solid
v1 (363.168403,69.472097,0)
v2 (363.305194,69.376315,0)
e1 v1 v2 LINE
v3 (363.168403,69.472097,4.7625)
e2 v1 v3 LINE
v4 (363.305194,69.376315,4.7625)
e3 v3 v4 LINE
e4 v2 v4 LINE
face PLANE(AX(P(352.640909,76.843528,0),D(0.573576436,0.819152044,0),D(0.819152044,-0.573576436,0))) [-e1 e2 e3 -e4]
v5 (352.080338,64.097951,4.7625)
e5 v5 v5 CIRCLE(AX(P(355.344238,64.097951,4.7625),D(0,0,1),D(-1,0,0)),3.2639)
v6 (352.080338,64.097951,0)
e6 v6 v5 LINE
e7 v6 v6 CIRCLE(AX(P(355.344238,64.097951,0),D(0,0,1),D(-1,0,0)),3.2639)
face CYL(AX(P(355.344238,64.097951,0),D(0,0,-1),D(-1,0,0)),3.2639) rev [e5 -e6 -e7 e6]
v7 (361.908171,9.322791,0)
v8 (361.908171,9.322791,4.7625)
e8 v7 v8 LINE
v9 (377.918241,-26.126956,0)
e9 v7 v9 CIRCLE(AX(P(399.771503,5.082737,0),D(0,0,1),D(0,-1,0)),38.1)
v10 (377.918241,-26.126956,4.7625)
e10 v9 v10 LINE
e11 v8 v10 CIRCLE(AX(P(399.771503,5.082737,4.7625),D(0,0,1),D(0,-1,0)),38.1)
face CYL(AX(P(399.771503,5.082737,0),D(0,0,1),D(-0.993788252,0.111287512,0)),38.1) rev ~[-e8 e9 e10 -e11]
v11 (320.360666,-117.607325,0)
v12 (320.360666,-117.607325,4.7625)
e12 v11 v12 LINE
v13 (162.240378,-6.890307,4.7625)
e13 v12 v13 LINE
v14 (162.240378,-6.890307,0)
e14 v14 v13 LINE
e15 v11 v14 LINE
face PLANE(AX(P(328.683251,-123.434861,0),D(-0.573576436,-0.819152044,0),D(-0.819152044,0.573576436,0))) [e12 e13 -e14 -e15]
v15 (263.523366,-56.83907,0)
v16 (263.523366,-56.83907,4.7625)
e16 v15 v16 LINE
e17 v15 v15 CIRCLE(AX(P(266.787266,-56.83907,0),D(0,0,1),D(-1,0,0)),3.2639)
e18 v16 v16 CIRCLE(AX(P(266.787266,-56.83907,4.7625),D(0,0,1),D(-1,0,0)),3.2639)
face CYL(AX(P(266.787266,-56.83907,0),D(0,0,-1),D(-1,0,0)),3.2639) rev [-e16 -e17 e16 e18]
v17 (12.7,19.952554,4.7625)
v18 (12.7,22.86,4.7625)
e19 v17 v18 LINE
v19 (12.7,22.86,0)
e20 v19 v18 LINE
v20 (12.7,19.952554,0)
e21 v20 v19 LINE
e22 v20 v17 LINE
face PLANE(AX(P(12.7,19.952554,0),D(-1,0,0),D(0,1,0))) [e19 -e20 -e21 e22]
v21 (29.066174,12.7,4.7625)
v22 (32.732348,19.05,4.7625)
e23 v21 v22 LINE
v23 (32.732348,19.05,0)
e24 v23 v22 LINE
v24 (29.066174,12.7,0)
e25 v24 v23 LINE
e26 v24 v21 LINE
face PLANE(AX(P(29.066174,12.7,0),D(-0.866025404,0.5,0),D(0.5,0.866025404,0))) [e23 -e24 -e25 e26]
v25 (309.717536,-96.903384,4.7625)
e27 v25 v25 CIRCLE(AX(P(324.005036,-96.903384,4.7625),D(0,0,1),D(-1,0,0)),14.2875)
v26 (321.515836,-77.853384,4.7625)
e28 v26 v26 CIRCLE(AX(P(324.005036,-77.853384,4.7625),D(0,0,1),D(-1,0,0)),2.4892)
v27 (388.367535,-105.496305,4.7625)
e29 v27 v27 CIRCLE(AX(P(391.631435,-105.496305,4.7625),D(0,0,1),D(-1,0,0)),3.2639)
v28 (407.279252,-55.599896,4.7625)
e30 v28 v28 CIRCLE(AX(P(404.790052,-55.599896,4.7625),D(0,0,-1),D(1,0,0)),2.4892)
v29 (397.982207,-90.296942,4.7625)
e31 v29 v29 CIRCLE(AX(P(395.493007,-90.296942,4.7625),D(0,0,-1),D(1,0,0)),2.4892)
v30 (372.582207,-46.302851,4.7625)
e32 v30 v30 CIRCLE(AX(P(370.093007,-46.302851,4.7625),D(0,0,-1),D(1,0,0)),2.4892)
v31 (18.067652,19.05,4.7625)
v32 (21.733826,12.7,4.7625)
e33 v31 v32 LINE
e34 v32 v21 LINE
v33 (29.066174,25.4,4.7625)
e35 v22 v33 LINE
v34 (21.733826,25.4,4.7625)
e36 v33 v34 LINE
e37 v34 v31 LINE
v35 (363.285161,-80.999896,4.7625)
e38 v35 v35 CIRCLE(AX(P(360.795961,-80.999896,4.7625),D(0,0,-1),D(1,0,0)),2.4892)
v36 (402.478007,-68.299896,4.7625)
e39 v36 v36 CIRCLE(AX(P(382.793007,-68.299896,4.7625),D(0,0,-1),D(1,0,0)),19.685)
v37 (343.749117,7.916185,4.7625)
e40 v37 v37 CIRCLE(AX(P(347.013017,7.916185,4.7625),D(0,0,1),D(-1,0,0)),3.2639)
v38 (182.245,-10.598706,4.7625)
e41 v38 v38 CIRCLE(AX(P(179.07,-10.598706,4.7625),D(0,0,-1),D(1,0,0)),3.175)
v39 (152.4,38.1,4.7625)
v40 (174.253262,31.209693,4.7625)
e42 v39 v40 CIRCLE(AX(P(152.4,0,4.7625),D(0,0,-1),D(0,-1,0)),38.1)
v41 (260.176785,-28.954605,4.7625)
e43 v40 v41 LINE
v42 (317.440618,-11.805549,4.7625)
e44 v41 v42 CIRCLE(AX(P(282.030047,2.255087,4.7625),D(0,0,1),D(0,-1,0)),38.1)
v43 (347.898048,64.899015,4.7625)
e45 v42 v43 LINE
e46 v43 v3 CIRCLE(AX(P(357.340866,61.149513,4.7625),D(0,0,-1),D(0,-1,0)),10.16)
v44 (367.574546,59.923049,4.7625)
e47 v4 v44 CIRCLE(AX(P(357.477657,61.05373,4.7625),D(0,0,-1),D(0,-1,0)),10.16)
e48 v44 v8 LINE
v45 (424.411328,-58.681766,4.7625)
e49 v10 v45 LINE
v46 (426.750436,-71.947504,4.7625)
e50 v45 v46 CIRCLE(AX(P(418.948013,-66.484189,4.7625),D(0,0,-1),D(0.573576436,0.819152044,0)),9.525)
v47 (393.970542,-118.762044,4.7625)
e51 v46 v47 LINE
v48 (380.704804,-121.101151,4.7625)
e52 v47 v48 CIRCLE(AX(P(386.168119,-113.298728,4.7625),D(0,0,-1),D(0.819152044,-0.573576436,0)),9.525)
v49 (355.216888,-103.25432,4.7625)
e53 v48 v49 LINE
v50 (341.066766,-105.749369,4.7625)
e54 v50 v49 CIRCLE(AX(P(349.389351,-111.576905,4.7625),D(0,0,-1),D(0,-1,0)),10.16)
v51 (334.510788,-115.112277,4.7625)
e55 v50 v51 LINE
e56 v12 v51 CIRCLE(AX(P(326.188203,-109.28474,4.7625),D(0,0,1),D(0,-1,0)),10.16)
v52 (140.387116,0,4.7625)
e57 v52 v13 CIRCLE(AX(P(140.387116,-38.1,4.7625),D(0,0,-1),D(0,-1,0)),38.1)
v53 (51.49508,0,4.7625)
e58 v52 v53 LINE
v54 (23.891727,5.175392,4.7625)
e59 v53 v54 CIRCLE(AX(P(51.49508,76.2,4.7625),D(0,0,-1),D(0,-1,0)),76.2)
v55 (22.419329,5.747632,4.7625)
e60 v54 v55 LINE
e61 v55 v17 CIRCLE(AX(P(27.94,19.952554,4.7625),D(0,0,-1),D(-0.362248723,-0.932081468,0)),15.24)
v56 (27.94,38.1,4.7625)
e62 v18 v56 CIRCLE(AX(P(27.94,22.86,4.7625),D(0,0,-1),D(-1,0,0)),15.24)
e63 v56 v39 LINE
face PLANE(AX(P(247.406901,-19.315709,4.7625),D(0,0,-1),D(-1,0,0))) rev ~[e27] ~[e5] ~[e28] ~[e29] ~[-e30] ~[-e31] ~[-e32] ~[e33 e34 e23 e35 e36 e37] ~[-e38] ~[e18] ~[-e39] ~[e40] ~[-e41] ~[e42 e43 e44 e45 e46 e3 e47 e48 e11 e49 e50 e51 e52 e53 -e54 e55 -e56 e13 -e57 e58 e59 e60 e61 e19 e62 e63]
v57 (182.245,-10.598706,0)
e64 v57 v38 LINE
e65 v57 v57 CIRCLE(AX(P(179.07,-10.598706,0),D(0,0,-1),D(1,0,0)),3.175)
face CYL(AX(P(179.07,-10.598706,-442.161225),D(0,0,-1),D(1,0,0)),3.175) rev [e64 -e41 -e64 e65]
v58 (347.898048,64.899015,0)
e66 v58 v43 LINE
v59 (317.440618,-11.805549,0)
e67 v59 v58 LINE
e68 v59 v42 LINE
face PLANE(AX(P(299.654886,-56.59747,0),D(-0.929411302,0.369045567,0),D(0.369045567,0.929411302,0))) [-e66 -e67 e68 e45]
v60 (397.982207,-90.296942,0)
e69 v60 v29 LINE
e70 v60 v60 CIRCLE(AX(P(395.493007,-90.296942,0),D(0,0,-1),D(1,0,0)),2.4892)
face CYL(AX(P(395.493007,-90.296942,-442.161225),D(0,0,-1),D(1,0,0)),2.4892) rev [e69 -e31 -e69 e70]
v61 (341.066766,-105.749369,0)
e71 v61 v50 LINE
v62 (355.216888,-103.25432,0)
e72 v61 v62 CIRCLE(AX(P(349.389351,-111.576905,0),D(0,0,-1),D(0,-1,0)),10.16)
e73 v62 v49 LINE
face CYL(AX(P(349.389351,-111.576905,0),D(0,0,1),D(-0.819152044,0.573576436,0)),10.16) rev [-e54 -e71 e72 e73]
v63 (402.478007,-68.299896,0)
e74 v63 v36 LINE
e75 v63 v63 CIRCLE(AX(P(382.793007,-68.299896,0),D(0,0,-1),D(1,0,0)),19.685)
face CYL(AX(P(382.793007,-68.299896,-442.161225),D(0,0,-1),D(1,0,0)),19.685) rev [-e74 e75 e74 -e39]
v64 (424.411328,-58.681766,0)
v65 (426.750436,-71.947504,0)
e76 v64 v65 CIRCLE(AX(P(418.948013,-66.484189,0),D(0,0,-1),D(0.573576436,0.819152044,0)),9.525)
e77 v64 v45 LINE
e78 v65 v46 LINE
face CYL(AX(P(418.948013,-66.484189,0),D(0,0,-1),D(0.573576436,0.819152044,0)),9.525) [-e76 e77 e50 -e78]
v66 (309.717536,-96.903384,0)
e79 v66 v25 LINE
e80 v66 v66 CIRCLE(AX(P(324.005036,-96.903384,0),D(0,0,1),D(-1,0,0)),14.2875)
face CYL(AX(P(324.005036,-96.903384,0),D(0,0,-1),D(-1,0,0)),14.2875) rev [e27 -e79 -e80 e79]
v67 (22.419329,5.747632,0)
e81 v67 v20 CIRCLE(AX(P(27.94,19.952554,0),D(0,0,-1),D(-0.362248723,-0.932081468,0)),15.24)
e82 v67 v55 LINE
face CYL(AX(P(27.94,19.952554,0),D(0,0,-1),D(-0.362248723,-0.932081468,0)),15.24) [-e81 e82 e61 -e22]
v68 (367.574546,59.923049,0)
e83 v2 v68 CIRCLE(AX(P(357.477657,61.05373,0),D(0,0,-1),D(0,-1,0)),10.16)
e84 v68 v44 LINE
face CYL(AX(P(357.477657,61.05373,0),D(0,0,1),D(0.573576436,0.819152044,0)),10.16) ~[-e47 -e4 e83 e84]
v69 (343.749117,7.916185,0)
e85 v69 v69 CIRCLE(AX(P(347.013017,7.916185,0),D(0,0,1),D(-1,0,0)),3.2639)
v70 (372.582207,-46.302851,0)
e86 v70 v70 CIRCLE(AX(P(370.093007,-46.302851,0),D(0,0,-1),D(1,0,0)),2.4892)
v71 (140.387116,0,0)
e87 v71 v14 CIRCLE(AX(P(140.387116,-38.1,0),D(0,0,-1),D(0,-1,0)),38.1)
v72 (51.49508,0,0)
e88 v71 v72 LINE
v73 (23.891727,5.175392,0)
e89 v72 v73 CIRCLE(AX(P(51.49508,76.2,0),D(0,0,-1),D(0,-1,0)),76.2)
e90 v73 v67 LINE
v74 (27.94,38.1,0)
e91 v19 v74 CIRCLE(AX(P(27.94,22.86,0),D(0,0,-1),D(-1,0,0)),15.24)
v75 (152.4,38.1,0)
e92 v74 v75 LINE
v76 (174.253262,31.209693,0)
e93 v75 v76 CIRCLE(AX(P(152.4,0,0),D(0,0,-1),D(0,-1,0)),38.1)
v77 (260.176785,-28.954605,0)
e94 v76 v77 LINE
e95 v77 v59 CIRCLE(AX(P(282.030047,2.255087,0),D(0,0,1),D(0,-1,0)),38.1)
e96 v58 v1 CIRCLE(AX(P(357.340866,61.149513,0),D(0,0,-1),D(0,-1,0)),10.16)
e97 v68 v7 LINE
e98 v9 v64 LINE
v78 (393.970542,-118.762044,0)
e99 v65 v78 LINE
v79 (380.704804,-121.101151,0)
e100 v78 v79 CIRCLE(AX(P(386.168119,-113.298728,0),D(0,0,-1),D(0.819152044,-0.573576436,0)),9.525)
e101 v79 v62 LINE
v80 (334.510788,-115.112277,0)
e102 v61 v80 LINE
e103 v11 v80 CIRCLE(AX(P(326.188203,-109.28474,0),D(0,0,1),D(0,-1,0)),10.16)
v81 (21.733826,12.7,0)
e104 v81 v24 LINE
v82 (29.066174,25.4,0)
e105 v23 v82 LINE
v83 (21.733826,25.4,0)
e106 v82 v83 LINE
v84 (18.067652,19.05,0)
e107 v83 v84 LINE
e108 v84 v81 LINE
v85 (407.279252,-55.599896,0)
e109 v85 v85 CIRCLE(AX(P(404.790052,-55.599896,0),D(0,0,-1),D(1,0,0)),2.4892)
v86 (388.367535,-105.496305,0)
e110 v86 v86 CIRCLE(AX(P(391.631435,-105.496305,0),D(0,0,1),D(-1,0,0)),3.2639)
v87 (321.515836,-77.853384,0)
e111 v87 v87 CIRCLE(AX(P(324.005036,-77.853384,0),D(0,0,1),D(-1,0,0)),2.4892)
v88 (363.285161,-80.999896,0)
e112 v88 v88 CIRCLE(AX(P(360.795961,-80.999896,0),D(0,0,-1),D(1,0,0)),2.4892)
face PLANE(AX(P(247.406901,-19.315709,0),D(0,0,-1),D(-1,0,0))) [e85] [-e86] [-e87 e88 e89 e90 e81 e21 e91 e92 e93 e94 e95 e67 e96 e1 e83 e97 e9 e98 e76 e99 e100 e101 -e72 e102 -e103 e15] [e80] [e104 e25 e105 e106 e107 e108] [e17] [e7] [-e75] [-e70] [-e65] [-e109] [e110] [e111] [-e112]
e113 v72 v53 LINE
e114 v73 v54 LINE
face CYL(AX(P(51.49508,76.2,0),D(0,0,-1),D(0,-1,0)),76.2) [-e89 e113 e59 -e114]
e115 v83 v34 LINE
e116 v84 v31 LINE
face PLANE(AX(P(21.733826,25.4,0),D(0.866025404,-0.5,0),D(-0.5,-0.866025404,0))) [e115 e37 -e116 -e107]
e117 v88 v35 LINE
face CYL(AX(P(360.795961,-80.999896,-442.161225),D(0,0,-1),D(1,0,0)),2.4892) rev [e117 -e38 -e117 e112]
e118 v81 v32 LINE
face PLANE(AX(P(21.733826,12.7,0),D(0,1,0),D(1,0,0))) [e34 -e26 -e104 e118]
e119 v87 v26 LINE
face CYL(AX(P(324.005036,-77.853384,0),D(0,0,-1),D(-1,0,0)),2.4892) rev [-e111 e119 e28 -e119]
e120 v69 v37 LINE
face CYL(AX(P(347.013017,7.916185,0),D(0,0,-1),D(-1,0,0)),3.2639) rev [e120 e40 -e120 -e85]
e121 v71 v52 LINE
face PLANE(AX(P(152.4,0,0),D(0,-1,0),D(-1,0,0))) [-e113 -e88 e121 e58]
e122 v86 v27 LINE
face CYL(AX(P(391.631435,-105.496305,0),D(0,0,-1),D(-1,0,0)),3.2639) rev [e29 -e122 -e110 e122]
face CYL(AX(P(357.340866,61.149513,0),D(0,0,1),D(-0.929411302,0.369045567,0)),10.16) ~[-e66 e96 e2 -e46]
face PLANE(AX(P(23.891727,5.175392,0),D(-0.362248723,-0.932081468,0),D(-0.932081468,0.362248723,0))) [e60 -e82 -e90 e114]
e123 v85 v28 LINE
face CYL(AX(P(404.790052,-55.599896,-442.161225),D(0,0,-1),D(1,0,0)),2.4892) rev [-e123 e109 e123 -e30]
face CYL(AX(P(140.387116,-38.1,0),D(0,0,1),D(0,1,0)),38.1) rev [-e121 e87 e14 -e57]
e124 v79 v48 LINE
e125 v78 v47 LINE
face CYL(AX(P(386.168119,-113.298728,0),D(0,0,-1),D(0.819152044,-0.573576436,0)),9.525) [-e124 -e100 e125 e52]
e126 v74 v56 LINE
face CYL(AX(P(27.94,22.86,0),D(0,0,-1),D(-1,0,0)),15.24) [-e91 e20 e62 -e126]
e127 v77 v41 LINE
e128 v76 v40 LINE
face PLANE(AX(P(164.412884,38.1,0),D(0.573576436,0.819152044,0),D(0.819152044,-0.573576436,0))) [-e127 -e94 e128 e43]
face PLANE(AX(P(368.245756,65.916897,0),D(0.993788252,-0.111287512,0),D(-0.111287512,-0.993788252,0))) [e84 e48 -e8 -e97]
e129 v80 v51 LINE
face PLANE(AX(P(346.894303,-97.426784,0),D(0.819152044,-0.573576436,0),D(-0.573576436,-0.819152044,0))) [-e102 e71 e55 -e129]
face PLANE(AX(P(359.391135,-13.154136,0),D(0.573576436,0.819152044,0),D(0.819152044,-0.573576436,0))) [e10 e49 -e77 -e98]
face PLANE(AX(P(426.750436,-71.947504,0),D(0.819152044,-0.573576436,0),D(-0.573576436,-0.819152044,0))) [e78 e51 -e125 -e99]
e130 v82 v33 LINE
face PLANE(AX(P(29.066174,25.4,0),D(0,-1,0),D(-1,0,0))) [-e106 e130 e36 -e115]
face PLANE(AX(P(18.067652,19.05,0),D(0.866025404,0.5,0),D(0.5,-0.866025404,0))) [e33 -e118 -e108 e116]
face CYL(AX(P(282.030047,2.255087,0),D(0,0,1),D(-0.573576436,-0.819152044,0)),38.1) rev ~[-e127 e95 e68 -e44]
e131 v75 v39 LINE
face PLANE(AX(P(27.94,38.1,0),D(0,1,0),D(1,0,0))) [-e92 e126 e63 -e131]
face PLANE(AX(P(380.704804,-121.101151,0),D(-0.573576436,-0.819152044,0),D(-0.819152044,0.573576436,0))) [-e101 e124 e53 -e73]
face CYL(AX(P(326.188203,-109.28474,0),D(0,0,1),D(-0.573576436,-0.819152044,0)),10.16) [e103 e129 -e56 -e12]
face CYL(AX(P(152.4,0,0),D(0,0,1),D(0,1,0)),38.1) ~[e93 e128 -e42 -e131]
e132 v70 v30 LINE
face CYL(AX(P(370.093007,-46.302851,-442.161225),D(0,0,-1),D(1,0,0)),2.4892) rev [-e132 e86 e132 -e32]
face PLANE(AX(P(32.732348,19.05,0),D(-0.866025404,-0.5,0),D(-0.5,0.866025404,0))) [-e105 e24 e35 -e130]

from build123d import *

# Parameters (mm, degrees)
SKETCH1_R               = 14.2875
SKETCH1_R_2             = 3.2639
SKETCH1_R_3             = 2.4892
BOSS_EXTRUDE1_DEPTH     = 4.7625
CUT_EXTRUDE1_DEPTH      = 446.923725363
CUT_EXTRUDE1_DEPTH_BACK = 446.923725363
SKETCH2_R               = 19.685
SKETCH2_R_2             = 2.4892
SKETCH2_R_3             = 3.175
FILLET3_R               = 38.1
FILLET4_R               = 10.16


with BuildPart() as part:
    # Sketch1 → Boss-Extrude1 (new body)
    with BuildSketch(Plane.XY):
        with BuildLine():
            Line((27.94, 38.1), (164.412883856, 38.1))
            Line((164.412883856, 38.1), (299.654886368, -56.597469642))
            Line((299.654886368, -56.597469642), (352.6409093, 76.843527732))
            Line((352.6409093, 76.843527732), (368.245755744, 65.91689662))
            Line((368.245755744, 65.91689662), (359.391134552, -13.154135899))
            Line((359.391134552, -13.154135899), (424.411328067, -58.681765534))
            ThreePointArc((424.411328067, -58.681765534), (428.328306358, -64.830189864), (426.750435733, -71.947504312))
            Line((426.750435733, -71.947504312), (393.970542395, -118.762043644))
            ThreePointArc((393.970542395, -118.762043644), (387.822118066, -122.679021935), (380.704803617, -121.101151309))
            Line((380.704803617, -121.101151309), (346.894302989, -97.426783899))
            Line((346.894302989, -97.426783899), (328.683251135, -123.434861305))
            Line((328.683251135, -123.434861305), (152.4, 0))
            Line((152.4, 0), (51.495079847, 0))
            ThreePointArc((51.495079847, 0), (37.452913318, 1.305023138), (23.891727162, 5.175392148))
            Line((23.891727162, 5.175392148), (22.419329463, 5.747632027))
            ThreePointArc((22.419329463, 5.747632027), (15.362388562, 11.346666629), (12.7, 19.952553597))
            Line((12.7, 19.952553597), (12.7, 22.86))
            ThreePointArc((12.7, 22.86), (17.163692655, 33.636307345), (27.94, 38.1))
        make_face()
        with Locations(Location((324.005035804, -96.903383749, 0), (0, 0, 180))):
            Circle(SKETCH1_R, mode=Mode.SUBTRACT)
        with Locations(Location((347.013016961, 7.916185169, 0), (0, 0, 180))):
            Circle(SKETCH1_R_2, mode=Mode.SUBTRACT)
        with Locations(Location((324.005035804, -77.853383749, 0), (0, 0, 180))):
            Circle(SKETCH1_R_3, mode=Mode.SUBTRACT)
        with Locations(Location((355.344238002, 64.097950502, 0), (0, 0, 180))):
            Circle(SKETCH1_R_2, mode=Mode.SUBTRACT)
        with Locations(Location((391.63143473, -105.496304865, 0), (0, 0, 180))):
            Circle(SKETCH1_R_2, mode=Mode.SUBTRACT)
        with Locations(Location((266.78726551, -56.83906967, 0), (0, 0, 180))):
            Circle(SKETCH1_R_2, mode=Mode.SUBTRACT)
        Polygon((18.067651581, 19.05), (21.733825791, 12.7), (29.066174209, 12.7), (32.732348419, 19.05), (29.066174209, 25.4), (21.733825791, 25.4), align=None, mode=Mode.SUBTRACT)
    extrude(amount=BOSS_EXTRUDE1_DEPTH)

    # Sketch2 → Cut-Extrude1 (cut, two sides: drawn at the far end of the back side and taken through both)
    with BuildSketch(Plane.XY.offset(4.7625).offset(-CUT_EXTRUDE1_DEPTH_BACK)):
        with Locations((382.793006548, -68.299896272)):
            Circle(SKETCH2_R)
        with Locations((395.493006548, -90.296941528)):
            Circle(SKETCH2_R_2)
        with Locations((360.795961291, -80.999896272)):
            Circle(SKETCH2_R_2)
        with Locations((370.093006548, -46.302851016)):
            Circle(SKETCH2_R_2)
        with Locations((404.790051804, -55.599896272)):
            Circle(SKETCH2_R_2)
        with Locations((179.07, -10.598705626)):
            Circle(SKETCH2_R_3)
    extrude(amount=CUT_EXTRUDE1_DEPTH + CUT_EXTRUDE1_DEPTH_BACK, mode=Mode.SUBTRACT)

    # Fillet3
    fillet3_edges = [part.edges().sort_by_distance(p)[0] for p in [
        (164.412883856, 38.1, 2.38125),
        (299.654886368, -56.597469642, 2.38125),
        (359.391134552, -13.154135899, 2.38125),
        (152.4, 0, 2.38125),
    ]]
    fillet(fillet3_edges, radius=FILLET3_R)

    # Fillet4
    fillet4_edges = [part.edges().sort_by_distance(p)[0] for p in [
        (352.6409093, 76.843527732, 2.38125),
        (368.245755744, 65.91689662, 2.38125),
        (346.894302989, -97.426783899, 2.38125),
        (328.683251135, -123.434861305, 2.38125),
    ]]
    fillet(fillet4_edges, radius=FILLET4_R)


solid = part.part
